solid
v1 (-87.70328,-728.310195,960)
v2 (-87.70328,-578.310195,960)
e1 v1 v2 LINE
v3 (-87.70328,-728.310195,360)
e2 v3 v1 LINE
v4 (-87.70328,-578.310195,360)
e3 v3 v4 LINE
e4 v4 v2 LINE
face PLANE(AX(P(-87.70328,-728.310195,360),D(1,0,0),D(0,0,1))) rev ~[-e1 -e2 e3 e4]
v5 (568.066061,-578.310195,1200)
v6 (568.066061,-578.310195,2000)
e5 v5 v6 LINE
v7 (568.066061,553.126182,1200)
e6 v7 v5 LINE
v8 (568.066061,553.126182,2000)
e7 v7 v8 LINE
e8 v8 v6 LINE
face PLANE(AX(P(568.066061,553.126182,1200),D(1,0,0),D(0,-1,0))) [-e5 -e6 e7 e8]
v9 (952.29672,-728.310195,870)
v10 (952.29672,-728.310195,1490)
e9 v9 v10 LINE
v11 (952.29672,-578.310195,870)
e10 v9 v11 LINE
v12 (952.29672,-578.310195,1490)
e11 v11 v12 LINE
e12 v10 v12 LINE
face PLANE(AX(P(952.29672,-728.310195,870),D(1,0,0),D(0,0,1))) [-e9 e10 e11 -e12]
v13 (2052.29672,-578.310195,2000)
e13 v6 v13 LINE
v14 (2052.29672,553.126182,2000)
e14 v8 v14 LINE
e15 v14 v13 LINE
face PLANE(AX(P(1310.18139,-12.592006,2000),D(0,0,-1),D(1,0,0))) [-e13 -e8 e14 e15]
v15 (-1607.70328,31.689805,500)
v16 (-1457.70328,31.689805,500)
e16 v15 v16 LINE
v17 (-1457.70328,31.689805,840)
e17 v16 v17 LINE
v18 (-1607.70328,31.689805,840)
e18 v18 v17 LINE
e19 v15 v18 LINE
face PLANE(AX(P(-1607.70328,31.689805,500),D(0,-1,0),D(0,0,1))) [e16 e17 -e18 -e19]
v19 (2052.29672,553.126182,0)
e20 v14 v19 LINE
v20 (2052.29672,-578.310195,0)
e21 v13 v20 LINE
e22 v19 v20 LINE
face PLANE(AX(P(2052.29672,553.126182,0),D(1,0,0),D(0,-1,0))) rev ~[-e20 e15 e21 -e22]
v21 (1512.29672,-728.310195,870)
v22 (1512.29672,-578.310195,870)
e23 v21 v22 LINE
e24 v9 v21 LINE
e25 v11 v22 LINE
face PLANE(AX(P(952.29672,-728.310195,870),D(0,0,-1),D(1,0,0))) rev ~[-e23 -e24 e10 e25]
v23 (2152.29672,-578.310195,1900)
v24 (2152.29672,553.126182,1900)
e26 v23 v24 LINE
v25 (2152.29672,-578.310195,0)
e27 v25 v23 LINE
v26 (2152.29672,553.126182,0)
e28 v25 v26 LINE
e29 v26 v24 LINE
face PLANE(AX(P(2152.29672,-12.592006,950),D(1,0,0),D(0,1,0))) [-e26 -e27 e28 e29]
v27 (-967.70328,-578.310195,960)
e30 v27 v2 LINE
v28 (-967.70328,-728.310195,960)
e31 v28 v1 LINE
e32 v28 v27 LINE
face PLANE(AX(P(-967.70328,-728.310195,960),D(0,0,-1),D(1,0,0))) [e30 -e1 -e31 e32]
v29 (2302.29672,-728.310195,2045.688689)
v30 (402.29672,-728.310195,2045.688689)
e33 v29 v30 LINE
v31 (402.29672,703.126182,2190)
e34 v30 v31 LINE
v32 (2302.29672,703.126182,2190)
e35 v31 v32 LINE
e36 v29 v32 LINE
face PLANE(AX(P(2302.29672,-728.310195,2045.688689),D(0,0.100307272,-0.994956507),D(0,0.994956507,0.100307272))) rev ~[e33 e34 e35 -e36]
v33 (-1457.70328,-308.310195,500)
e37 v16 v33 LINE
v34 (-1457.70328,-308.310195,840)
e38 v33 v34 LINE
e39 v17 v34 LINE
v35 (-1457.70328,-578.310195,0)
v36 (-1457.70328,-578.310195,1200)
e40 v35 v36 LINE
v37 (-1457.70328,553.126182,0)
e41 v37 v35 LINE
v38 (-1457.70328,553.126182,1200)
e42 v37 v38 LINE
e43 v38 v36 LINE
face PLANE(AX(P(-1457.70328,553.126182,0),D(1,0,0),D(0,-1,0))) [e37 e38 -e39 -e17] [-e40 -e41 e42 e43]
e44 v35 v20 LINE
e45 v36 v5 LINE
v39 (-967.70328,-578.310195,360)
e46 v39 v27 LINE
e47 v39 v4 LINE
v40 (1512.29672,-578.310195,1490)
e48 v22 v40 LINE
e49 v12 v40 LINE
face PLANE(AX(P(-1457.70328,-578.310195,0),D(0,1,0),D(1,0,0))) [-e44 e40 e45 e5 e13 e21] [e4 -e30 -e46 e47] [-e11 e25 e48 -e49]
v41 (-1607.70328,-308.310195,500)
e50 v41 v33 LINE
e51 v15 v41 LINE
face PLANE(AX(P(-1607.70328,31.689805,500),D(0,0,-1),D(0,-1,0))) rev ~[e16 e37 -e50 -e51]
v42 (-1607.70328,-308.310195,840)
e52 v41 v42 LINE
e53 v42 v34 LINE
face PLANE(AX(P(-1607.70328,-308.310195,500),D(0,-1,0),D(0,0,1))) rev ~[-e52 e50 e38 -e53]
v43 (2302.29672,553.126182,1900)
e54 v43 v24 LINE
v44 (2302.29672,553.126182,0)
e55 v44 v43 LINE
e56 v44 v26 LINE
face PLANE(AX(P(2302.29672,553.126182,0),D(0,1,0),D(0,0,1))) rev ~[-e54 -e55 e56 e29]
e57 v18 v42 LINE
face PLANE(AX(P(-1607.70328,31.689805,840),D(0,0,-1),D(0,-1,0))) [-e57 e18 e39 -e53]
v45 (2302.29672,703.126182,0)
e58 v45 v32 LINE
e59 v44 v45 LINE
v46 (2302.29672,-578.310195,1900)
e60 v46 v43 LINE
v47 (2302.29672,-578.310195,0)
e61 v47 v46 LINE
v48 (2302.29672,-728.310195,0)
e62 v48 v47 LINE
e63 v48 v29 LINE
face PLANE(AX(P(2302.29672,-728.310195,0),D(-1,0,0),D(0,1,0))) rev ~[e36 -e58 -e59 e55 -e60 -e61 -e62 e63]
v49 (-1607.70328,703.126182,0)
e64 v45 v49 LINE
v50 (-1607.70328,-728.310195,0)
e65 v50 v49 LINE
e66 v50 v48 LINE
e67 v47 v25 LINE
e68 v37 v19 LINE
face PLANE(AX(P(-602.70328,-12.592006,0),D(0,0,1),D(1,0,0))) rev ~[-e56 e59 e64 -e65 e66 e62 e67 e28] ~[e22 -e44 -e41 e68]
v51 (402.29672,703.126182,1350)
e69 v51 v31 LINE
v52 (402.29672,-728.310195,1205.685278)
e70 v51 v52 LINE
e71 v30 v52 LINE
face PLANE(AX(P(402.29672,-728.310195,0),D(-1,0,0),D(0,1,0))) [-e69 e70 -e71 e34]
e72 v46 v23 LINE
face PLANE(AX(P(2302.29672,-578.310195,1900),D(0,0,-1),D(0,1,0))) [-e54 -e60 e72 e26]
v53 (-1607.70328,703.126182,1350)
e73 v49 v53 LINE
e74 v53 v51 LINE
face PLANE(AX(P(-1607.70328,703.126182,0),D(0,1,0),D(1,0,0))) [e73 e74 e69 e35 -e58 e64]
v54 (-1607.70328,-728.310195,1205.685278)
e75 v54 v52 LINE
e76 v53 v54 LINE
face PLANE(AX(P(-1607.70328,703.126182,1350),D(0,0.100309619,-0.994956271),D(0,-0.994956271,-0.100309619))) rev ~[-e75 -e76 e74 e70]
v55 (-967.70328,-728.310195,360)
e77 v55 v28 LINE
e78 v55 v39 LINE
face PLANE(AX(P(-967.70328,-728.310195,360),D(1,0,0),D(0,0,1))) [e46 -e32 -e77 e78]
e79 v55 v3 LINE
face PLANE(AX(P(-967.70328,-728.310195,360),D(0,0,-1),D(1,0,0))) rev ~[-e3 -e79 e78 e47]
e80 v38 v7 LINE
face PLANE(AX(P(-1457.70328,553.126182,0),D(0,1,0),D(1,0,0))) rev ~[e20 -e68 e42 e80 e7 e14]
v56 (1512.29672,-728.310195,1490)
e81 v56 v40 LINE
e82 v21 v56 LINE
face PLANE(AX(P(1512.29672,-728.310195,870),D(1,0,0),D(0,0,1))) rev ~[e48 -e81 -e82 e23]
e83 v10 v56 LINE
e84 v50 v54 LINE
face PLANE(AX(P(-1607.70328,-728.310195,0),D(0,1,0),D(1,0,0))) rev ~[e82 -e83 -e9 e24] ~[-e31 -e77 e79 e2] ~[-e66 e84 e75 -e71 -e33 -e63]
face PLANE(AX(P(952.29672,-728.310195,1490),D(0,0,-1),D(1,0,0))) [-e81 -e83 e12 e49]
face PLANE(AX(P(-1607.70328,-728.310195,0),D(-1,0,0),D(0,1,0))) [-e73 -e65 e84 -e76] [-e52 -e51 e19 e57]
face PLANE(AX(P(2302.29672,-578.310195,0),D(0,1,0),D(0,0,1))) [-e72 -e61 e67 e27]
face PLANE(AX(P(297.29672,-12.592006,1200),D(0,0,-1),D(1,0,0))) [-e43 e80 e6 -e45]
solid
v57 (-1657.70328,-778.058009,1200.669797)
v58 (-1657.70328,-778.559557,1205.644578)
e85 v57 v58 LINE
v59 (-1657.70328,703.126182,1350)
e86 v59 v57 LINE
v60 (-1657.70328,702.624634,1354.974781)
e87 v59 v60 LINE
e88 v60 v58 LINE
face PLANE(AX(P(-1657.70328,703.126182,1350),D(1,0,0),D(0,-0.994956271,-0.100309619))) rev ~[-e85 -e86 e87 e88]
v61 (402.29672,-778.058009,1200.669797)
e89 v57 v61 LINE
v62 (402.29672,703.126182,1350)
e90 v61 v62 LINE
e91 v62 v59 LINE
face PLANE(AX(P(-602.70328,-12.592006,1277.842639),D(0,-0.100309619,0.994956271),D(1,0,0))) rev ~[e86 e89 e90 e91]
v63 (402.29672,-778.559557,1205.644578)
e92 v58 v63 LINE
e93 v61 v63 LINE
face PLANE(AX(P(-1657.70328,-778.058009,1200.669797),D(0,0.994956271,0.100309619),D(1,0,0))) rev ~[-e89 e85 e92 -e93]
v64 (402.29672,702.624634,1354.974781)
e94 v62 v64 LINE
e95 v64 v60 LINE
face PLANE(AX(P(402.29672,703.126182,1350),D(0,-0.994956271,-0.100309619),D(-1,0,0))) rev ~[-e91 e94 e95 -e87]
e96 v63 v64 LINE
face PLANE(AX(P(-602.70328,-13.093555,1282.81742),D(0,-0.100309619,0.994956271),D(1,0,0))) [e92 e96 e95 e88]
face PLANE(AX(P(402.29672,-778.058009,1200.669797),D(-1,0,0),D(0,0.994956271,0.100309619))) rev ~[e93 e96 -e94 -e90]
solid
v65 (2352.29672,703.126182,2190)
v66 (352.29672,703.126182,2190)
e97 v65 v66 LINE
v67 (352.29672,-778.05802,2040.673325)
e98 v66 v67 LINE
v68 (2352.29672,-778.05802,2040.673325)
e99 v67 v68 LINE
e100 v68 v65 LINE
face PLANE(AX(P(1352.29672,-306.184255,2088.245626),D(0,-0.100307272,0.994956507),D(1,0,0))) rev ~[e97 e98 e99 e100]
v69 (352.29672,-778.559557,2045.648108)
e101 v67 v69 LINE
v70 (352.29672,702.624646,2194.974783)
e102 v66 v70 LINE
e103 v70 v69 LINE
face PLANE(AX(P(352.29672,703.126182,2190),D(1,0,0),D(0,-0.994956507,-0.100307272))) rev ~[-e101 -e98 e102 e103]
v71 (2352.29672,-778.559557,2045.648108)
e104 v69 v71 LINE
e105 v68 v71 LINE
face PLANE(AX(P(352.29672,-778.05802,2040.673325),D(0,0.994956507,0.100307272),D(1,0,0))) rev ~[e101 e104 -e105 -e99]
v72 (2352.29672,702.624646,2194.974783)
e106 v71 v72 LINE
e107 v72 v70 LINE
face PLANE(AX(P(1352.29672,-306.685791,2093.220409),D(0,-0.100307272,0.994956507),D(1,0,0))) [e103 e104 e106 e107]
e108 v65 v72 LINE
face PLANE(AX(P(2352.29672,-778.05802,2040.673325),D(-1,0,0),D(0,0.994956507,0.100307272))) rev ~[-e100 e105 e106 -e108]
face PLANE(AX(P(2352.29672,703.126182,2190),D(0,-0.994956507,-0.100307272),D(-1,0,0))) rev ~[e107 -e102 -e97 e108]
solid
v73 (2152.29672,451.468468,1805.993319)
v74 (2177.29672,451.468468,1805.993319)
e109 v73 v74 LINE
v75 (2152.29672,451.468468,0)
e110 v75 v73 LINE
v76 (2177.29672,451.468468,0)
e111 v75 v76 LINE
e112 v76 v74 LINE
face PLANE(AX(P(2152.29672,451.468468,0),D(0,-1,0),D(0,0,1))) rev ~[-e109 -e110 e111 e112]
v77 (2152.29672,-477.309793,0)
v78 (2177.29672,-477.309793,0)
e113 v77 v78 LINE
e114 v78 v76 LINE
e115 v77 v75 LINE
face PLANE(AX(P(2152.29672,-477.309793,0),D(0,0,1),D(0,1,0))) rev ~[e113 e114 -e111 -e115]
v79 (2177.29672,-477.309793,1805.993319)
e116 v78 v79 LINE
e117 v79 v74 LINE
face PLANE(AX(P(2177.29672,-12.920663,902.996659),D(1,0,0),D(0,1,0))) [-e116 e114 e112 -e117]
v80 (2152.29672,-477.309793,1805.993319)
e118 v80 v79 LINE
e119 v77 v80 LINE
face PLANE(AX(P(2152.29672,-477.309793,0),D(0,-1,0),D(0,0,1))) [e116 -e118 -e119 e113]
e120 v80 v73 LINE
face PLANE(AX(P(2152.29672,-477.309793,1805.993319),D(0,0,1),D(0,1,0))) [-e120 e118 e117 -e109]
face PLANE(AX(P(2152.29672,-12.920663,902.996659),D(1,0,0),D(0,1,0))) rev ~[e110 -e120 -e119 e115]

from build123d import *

# Parameters (mm, degrees)
F0_W      = 1900
F0_H      = 1431.4363771724
F1_DEPTH  = 2190
F0_W_2    = 2010
F2_DEPTH  = 1350
F3_W      = 1131.4363771724
F3_H      = 1900
F4_DEPTH  = 150
F6_DEPTH  = 1900
F8_DEPTH  = 2010
F9_W      = 3510
F9_H      = 1131.4363771724
F10_DEPTH = 1200
F11_W     = 1484.2306598212
F11_H     = 1131.4363771724
F12_DEPTH = 800
F13_W     = 880
F13_H     = 600
F13_W_2   = 560
F13_H_2   = 620
F14_DEPTH = 150
F15_W     = 340
F15_H     = 340
F16_DEPTH = 150
F17_W     = 928.7782609463
F17_H     = 1805.9933185577
F18_DEPTH = 25
F19_W     = 1900
F19_H     = 1438.6924120027
F20_DEPTH = 5
F21_W     = 2010
F21_H     = 1438.6927541941
F22_DEPTH = 5


with BuildPart() as f1:
    # F0 (on Top) → F1 (new body)
    with BuildSketch(Plane.XY):
        with Locations((1352.2967203642, -12.5920064747)):
            Rectangle(F0_W, F0_H)
    extrude(amount=F1_DEPTH)

    # F0 (on Top) → F2 (join)
    with BuildSketch(Plane.XY):
        with Locations((-602.7032796358, -12.5920064747)):
            Rectangle(F0_W_2, F0_H)
    extrude(amount=F2_DEPTH)

    # F3 (on face) → F4 (cut)
    with BuildSketch(Plane.YZ.offset(2302.2967203642)):
        with Locations((-12.5920064747, 950)):
            Rectangle(F3_W, F3_H)
    extrude(amount=-F4_DEPTH, mode=Mode.SUBTRACT)

    # F5 (on face) → F6 (cut)
    with BuildSketch(Plane.YZ.offset(2302.2967203642)):
        Polygon((-728.3101950609, 2045.6886890728), (703.1261821115, 2190), (-728.3101950609, 2190), align=None)
    extrude(amount=-F6_DEPTH, mode=Mode.SUBTRACT)

    # F7 (on face) → F8 (cut)
    with BuildSketch(Plane(origin=(-1607.7032796358, 0, 0), x_dir=(0, -1, 0), z_dir=(-1, 0, 0))):
        Polygon((728.3101950609, 1350), (-703.1261821115, 1350), (728.3101950609, 1205.6852776806), align=None)
    extrude(amount=-F8_DEPTH, mode=Mode.SUBTRACT)

    # F9 (on face) → F10 (cut)
    with BuildSketch(Plane(origin=(0, 0, 0), x_dir=(1, 0, 0), z_dir=(0, 0, -1))):
        with Locations((297.2967203642, 12.5920064747)):
            Rectangle(F9_W, F9_H)
    extrude(amount=-F10_DEPTH, mode=Mode.SUBTRACT)

    # F11 (on face) → F12 (cut)
    with BuildSketch(Plane(origin=(0, 0, 1200), x_dir=(1, 0, 0), z_dir=(0, 0, -1))):
        with Locations((1310.1813904536, 12.5920064747)):
            Rectangle(F11_W, F11_H)
    extrude(amount=-F12_DEPTH, mode=Mode.SUBTRACT)

    # F13 (on face) → F14 (cut)
    with BuildSketch(Plane.XZ.offset(728.3101950609)):
        with Locations((-527.7032796358, 660)):
            Rectangle(F13_W, F13_H)
        with Locations((1232.2967203642, 1180)):
            Rectangle(F13_W_2, F13_H_2)
    extrude(amount=-F14_DEPTH, mode=Mode.SUBTRACT)

    # F15 (on face) → F16 (cut)
    with BuildSketch(Plane(origin=(-1607.7032796358, 0, 0), x_dir=(0, -1, 0), z_dir=(-1, 0, 0))):
        with Locations((138.3101950609, 670)):
            Rectangle(F15_W, F15_H)
    extrude(amount=-F16_DEPTH, mode=Mode.SUBTRACT)


with BuildPart() as f18:
    # F17 (on face) → F18 (new body)
    with BuildSketch(Plane.YZ.offset(2152.2967203642)):
        with Locations((-12.9206627607, 902.9966592789)):
            Rectangle(F17_W, F17_H)
    extrude(amount=F18_DEPTH)


with BuildPart() as f20:
    # F19 (on face) → F20 (new body)
    with BuildSketch(Plane(origin=(0, -211.4904682167, 2097.792249862), x_dir=(1, 0, 0), z_dir=(0, -0.1003072719, 0.9949565072))):
        Polygon((2352.2967203642, -569.439516308), (2352.2967203642, 919.2528956946), (2302.2967203642, 919.2528956946), (2302.2967203642, -519.439516308), (402.2967203642, -519.439516308), (402.2967203642, 919.2528956946), (352.2967203642, 919.2528956946), (352.2967203642, -569.439516308), align=None)
        with Locations((1352.2967203642, 199.9066896933)):
            Rectangle(F19_W, F19_H)
    extrude(amount=F20_DEPTH)


with BuildPart() as f22:
    # F21 (on face) → F22 (new body)
    with BuildSketch(Plane(origin=(0, -127.6601047371, 1266.2416896725), x_dir=(1, 0, 0), z_dir=(0, -0.1003096192, 0.9949562705))):
        with Locations((-602.7032796358, 115.6514126991)):
            Rectangle(F21_W, F21_H)
        Polygon((-1607.7032796358, 834.9977897962), (-1657.7032796358, 834.9977897962), (-1657.7032796358, -653.6949643979), (402.2967203642, -653.6949643979), (402.2967203642, -603.6949643979), (-1607.7032796358, -603.6949643979), align=None)
    extrude(amount=F22_DEPTH)


solid = Compound([f1.part, f18.part, f20.part, f22.part])
